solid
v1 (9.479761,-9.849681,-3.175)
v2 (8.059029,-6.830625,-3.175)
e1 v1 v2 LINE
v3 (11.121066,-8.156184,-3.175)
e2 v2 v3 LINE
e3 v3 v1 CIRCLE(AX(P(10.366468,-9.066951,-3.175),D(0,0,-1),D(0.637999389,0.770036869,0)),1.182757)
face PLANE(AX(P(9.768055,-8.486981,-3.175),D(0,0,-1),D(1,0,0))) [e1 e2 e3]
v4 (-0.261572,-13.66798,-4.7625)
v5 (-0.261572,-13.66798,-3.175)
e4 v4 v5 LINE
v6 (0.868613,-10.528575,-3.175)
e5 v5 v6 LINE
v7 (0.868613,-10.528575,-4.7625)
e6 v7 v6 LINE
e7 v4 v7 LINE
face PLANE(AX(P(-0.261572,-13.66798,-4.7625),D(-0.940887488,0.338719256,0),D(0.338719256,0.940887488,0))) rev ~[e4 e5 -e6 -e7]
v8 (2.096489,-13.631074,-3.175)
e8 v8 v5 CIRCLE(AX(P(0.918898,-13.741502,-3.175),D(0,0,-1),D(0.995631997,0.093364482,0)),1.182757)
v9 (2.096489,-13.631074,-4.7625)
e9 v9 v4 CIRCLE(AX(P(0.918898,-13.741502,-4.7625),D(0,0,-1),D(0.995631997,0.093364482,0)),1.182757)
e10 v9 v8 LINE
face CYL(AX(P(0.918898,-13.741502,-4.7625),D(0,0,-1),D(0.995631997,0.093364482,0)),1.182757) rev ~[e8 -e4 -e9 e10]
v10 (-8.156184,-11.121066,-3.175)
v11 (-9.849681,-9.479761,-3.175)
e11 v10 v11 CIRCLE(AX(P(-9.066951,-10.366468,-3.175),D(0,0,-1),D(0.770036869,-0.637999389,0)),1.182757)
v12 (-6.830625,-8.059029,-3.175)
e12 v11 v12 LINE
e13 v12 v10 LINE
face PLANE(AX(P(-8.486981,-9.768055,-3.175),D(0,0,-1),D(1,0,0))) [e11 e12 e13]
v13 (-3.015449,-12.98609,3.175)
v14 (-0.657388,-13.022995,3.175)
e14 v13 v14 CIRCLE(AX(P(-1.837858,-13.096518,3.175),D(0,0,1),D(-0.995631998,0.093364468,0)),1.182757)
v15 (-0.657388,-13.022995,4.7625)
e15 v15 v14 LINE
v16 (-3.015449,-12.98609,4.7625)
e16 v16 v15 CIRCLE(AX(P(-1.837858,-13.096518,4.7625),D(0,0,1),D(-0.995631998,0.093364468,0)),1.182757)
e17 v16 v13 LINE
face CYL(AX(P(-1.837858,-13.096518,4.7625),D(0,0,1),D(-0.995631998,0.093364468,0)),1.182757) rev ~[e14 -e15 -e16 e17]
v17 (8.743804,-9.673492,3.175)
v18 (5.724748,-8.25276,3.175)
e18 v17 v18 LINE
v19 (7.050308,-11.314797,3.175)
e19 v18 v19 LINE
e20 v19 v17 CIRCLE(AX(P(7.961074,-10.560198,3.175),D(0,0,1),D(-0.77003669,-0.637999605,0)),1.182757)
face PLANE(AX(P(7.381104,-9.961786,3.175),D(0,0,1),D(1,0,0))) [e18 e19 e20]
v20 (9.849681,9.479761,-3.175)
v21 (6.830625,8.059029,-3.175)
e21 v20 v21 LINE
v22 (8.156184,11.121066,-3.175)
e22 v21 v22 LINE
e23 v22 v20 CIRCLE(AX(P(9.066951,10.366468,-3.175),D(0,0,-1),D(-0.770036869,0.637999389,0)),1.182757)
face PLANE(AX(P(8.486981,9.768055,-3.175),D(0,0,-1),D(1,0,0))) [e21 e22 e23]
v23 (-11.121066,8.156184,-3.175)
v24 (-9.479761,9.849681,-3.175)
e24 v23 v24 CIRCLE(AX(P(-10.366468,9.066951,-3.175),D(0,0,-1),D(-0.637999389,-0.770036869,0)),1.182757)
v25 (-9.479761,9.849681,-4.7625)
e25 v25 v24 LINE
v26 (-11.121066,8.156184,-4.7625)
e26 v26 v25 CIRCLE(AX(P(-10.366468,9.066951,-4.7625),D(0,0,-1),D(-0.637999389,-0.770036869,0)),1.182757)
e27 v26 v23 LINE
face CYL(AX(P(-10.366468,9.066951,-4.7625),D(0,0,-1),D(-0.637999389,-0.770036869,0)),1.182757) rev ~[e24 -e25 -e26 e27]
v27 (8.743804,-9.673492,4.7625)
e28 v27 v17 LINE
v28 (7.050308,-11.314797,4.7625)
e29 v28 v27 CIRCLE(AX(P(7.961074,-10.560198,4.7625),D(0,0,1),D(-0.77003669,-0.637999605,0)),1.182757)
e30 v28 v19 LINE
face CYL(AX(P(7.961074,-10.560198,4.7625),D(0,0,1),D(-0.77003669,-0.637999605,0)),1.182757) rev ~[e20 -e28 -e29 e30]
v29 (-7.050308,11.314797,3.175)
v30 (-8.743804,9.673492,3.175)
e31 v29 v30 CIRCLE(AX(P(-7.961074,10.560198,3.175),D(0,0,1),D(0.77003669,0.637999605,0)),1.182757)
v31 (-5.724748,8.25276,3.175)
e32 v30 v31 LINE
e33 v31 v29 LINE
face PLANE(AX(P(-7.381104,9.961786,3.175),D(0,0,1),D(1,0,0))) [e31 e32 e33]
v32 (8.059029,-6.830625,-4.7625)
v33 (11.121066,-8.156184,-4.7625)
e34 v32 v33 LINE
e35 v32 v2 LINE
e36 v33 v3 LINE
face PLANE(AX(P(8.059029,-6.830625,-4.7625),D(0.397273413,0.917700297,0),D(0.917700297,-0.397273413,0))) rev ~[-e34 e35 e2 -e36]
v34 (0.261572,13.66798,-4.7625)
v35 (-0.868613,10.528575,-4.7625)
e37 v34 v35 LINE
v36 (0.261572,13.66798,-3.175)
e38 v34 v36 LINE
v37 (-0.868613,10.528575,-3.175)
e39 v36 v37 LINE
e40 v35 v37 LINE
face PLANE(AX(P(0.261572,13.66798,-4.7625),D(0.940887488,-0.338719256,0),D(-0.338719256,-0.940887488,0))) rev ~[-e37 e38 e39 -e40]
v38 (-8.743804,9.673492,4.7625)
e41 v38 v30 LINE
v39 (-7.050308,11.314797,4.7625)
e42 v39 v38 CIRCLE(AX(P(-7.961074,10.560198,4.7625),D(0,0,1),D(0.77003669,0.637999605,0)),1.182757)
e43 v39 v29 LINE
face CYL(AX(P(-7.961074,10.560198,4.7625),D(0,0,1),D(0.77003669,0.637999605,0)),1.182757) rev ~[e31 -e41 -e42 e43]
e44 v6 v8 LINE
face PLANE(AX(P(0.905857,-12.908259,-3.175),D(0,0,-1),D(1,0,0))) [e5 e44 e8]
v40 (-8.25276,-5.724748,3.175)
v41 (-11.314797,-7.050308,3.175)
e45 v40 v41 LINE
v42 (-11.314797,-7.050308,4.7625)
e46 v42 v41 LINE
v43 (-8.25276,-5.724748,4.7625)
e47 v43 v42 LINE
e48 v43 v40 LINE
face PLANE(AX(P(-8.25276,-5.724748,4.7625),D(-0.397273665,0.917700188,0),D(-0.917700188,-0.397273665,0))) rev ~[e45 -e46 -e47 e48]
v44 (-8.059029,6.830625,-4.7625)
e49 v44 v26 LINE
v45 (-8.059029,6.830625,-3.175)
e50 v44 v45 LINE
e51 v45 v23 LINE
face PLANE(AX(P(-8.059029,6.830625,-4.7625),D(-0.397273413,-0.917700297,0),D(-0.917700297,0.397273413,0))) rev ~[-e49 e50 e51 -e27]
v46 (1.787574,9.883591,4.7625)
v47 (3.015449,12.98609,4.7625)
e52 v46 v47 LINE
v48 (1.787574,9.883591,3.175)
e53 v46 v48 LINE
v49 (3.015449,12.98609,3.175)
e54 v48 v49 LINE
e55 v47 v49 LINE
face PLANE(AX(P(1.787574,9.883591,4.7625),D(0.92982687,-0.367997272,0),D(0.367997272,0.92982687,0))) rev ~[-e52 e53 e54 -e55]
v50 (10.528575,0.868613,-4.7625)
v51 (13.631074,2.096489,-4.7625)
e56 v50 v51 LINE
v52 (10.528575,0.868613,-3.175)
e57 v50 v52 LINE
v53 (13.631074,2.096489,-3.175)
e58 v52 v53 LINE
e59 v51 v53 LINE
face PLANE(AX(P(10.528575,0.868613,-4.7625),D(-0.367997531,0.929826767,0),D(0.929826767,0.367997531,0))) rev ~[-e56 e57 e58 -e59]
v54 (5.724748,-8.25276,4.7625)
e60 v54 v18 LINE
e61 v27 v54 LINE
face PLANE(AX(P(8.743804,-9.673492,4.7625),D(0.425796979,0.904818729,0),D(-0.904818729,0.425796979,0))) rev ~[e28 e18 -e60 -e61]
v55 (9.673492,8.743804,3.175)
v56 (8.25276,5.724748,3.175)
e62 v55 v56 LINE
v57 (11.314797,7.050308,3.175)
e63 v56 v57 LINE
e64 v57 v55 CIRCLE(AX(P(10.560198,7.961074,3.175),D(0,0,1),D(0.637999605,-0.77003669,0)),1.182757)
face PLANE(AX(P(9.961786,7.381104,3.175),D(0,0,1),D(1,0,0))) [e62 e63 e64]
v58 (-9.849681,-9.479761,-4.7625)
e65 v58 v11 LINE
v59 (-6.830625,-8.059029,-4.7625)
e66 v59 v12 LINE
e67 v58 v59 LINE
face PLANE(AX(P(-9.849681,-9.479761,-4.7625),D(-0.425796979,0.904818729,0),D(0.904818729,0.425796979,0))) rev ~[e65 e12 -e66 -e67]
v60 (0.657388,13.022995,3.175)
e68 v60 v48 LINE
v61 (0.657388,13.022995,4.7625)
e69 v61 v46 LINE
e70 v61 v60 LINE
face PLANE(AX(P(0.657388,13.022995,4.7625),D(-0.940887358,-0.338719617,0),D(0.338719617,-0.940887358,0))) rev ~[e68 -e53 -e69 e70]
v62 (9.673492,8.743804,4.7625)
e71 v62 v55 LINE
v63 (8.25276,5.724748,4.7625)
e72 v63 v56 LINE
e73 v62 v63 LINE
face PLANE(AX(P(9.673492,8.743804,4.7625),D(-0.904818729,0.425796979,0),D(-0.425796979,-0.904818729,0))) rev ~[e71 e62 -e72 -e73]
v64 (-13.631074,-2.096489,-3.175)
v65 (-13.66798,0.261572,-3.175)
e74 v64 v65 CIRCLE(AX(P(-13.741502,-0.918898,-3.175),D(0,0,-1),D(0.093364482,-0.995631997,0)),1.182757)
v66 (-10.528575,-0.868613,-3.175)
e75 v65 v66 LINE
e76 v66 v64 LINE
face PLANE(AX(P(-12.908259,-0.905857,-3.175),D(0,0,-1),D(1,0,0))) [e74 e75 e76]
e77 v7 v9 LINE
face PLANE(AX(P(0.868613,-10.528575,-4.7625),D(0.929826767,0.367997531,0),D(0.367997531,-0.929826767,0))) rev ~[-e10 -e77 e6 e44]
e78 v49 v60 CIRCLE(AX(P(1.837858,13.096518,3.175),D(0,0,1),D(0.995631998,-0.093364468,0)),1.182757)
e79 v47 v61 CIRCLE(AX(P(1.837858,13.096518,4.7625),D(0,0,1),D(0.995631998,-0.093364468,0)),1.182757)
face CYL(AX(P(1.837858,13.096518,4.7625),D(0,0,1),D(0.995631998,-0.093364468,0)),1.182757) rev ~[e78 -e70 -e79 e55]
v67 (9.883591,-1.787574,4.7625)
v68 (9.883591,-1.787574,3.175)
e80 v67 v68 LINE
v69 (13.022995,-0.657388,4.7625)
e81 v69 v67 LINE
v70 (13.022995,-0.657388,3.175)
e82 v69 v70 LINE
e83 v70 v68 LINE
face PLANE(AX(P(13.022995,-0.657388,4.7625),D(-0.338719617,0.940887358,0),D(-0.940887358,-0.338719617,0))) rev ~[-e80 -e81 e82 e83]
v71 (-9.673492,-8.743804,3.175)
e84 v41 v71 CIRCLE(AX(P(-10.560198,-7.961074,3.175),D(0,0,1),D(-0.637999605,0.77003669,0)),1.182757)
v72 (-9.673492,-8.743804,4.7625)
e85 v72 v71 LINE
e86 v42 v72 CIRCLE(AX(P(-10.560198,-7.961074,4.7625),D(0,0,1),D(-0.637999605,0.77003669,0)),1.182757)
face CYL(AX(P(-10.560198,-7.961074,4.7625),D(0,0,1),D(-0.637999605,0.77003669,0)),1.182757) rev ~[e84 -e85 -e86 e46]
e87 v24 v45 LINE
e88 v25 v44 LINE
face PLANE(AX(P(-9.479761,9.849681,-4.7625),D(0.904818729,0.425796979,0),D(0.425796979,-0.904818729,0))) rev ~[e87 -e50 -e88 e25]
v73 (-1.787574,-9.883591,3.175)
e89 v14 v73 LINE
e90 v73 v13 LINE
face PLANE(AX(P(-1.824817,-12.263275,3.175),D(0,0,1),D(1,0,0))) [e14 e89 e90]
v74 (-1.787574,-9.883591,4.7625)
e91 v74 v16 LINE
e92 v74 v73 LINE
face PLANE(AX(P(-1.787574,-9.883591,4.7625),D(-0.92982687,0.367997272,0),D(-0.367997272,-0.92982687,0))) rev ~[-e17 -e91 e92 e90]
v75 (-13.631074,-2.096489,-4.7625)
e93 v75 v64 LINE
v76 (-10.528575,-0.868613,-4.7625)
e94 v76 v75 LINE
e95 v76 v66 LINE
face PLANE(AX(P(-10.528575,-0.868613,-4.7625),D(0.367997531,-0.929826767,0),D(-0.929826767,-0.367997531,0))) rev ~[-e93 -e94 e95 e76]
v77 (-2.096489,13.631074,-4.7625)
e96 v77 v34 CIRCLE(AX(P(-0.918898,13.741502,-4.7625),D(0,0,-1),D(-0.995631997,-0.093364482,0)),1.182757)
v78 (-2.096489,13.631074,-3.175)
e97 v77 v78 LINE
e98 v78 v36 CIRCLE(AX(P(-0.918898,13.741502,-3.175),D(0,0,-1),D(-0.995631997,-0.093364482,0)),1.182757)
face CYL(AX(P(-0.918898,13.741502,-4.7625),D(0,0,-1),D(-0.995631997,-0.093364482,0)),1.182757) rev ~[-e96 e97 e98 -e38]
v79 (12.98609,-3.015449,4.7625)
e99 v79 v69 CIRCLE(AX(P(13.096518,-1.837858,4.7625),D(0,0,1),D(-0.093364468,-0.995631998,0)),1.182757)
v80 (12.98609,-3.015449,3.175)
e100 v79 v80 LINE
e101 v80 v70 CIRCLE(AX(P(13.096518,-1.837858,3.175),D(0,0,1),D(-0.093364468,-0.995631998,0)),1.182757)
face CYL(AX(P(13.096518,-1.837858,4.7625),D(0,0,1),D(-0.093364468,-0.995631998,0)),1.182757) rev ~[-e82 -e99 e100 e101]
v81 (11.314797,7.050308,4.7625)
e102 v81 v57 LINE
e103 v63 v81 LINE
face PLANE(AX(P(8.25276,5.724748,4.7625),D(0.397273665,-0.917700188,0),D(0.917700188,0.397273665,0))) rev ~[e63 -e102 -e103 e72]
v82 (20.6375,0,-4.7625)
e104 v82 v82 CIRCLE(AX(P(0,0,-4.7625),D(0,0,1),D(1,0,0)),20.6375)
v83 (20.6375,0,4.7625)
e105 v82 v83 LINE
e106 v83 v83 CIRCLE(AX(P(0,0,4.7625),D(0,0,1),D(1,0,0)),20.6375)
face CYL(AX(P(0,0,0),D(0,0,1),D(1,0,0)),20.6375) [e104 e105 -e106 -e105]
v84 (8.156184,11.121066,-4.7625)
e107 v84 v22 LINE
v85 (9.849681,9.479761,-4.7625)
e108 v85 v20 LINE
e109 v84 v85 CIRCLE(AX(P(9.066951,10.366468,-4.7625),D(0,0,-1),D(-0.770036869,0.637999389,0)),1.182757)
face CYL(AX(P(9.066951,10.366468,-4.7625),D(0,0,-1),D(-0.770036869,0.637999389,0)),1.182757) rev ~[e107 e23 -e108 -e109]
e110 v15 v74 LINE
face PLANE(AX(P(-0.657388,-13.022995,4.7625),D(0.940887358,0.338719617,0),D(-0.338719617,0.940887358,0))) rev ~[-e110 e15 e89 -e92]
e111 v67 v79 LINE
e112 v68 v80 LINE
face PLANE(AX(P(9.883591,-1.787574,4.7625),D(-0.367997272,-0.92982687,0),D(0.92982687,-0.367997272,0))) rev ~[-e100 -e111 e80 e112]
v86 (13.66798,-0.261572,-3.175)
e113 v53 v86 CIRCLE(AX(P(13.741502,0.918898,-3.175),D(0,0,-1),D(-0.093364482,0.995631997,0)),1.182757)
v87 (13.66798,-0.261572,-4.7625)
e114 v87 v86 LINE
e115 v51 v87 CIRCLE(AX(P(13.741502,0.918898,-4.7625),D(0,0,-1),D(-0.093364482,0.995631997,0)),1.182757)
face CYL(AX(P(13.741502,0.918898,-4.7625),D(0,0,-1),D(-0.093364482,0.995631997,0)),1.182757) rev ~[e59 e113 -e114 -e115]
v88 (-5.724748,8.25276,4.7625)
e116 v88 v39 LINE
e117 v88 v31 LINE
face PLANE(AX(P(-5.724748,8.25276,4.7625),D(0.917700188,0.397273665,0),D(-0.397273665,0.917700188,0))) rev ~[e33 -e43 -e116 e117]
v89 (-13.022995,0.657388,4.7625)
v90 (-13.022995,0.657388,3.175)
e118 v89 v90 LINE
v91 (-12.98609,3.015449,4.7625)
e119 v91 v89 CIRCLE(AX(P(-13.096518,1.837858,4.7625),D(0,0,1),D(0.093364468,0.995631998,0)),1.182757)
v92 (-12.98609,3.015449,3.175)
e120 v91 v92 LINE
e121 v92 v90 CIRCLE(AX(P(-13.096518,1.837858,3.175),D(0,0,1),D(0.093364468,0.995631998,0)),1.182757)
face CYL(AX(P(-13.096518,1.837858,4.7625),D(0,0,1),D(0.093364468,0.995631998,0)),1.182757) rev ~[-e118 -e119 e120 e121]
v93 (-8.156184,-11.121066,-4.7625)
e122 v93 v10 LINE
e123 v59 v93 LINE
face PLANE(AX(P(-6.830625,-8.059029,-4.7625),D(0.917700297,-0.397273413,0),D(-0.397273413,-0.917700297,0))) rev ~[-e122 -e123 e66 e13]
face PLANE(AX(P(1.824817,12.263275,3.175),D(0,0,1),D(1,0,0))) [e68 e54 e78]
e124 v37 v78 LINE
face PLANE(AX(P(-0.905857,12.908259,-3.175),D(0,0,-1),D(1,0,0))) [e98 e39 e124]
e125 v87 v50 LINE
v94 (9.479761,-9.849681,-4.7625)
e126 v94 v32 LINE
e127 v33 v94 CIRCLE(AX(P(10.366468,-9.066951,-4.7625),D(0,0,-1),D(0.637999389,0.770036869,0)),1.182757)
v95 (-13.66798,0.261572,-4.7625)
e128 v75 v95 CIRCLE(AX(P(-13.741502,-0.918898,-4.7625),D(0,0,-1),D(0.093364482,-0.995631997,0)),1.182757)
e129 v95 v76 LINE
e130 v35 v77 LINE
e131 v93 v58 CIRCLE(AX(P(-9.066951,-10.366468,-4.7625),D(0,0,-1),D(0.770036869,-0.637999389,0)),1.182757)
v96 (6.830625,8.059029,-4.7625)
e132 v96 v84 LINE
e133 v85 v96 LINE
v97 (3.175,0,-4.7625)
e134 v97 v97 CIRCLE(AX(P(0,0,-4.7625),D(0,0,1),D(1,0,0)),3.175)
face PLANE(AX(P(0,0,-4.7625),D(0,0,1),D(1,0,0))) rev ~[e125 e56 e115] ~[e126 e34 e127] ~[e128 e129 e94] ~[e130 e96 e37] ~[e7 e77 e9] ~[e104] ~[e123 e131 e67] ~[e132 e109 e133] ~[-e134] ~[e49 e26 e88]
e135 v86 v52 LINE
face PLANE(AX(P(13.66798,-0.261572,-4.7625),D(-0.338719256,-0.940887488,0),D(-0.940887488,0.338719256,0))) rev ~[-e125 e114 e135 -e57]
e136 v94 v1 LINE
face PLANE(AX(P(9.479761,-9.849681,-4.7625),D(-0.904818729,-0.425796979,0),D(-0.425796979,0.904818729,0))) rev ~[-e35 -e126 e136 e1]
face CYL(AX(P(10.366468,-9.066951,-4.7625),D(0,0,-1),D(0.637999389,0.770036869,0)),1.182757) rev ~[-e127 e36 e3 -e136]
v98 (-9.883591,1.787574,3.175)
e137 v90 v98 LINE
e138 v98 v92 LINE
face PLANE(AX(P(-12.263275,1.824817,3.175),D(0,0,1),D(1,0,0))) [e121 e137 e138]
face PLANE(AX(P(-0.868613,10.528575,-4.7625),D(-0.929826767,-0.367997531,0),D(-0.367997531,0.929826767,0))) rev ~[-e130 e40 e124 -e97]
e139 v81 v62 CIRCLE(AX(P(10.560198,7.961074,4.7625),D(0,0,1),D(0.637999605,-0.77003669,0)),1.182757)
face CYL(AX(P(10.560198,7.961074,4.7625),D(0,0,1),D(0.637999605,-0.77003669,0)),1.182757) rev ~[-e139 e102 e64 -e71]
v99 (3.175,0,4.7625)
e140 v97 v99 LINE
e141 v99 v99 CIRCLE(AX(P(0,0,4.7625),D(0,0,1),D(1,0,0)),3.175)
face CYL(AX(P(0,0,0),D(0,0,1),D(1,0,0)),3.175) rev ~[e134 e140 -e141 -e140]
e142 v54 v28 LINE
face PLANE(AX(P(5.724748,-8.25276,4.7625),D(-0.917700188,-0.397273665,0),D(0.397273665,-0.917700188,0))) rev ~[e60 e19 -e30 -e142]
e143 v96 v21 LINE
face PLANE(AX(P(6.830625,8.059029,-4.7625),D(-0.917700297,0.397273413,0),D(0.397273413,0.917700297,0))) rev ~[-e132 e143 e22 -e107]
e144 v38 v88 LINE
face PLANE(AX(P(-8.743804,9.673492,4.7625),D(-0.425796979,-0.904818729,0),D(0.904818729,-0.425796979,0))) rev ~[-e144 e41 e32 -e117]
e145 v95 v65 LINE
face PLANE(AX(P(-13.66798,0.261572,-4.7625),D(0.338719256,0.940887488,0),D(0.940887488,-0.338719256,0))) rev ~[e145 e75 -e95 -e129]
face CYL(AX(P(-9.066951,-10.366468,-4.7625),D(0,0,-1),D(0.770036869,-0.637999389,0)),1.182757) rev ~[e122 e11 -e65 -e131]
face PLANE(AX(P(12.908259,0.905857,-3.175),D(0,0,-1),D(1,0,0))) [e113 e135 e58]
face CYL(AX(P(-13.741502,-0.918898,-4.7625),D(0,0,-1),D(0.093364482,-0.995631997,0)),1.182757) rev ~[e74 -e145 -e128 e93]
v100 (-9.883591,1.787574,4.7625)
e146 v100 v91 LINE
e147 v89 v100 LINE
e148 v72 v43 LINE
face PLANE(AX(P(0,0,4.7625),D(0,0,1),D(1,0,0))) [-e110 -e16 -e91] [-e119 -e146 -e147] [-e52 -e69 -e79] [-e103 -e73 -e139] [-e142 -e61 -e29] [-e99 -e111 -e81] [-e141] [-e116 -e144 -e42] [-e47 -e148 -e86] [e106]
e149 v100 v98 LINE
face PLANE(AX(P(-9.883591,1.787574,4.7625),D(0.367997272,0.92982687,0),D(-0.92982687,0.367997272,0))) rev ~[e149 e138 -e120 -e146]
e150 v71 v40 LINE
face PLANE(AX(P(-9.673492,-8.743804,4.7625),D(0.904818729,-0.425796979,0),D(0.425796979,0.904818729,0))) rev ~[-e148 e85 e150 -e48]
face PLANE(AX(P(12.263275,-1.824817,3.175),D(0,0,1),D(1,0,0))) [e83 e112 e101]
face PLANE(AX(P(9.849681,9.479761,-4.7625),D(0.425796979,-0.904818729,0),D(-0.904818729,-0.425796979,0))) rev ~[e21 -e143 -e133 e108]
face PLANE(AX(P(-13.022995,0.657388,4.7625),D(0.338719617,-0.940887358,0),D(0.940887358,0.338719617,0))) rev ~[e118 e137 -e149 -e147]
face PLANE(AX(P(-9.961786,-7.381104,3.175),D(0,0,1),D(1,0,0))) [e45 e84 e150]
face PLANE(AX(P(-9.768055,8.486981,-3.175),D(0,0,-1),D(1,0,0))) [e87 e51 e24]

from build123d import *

# Parameters (mm, degrees)
F0_R     = 20.6375
F1_DEPTH = 4.7625
F2_R     = 3.175
F4_DEPTH = 12.7
F5_DEPTH = 1.5875
F7_DEPTH = 1.5875


with BuildPart() as f1:
    # F0 (on Top) → F1 (new body, symmetric)
    with BuildSketch(Plane.XY):
        Circle(F0_R)
    extrude(amount=F1_DEPTH, both=True)

    # F2 (on Top) → F4 (cut, symmetric)
    with BuildSketch(Plane.XY):
        Circle(F2_R)
    extrude(amount=F4_DEPTH, both=True, mode=Mode.SUBTRACT)

    # F3 (on face) → F5 (cut)
    with BuildSketch(Plane.XY.offset(4.7625)):
        with BuildLine():
            Line((-5.724748, 8.25276), (-7.050308, 11.314797))
            ThreePointArc((-7.050308, 11.314797), (-8.78422, 11.409519), (-8.743804, 9.673492))
            Line((-8.743804, 9.673492), (-5.724748, 8.25276))
        make_face()
        with BuildLine():
            Line((-9.883591, 1.787574), (-12.98609, 3.015449))
            ThreePointArc((-12.98609, 3.015449), (-14.27913, 1.856367), (-13.022995, 0.657388))
            Line((-13.022995, 0.657388), (-9.883591, 1.787574))
        make_face()
        with BuildLine():
            Line((-8.25276, -5.724748), (-11.314797, -7.050308))
            ThreePointArc((-11.314797, -7.050308), (-11.409519, -8.78422), (-9.673492, -8.743804))
            Line((-9.673492, -8.743804), (-8.25276, -5.724748))
        make_face()
        with BuildLine():
            Line((-1.787574, -9.883591), (-3.015449, -12.98609))
            ThreePointArc((-3.015449, -12.98609), (-1.856367, -14.27913), (-0.657388, -13.022995))
            Line((-0.657388, -13.022995), (-1.787574, -9.883591))
        make_face()
        with BuildLine():
            Line((5.724748, -8.25276), (7.050308, -11.314797))
            ThreePointArc((7.050308, -11.314797), (8.78422, -11.409519), (8.743804, -9.673492))
            Line((8.743804, -9.673492), (5.724748, -8.25276))
        make_face()
        with BuildLine():
            Line((9.883591, -1.787574), (12.98609, -3.015449))
            ThreePointArc((12.98609, -3.015449), (14.27913, -1.856367), (13.022995, -0.657388))
            Line((13.022995, -0.657388), (9.883591, -1.787574))
        make_face()
        with BuildLine():
            Line((8.25276, 5.724748), (11.314797, 7.050308))
            ThreePointArc((11.314797, 7.050308), (11.409519, 8.78422), (9.673492, 8.743804))
            Line((9.673492, 8.743804), (8.25276, 5.724748))
        make_face()
        with BuildLine():
            Line((1.787574, 9.883591), (3.015449, 12.98609))
            ThreePointArc((3.015449, 12.98609), (1.856367, 14.27913), (0.657388, 13.022995))
            Line((0.657388, 13.022995), (1.787574, 9.883591))
        make_face()
    extrude(amount=-F5_DEPTH, mode=Mode.SUBTRACT)

    # F6 (on face) → F7 (cut)
    with BuildSketch(Plane(origin=(0, 0, -4.7625), x_dir=(1, 0, 0), z_dir=(0, 0, -1))):
        with BuildLine():
            Line((-6.830625, 8.059029), (-8.156184, 11.121066))
            ThreePointArc((-8.156184, 11.121066), (-9.890096, 11.215789), (-9.849681, 9.479761))
            Line((-9.849681, 9.479761), (-6.830625, 8.059029))
        make_face()
        with BuildLine():
            Line((-10.528575, 0.868613), (-13.631074, 2.096489))
            ThreePointArc((-13.631074, 2.096489), (-14.924114, 0.937406), (-13.66798, -0.261572))
            Line((-13.66798, -0.261572), (-10.528575, 0.868613))
        make_face()
        with BuildLine():
            Line((-8.059029, -6.830625), (-11.121066, -8.156184))
            ThreePointArc((-11.121066, -8.156184), (-11.215789, -9.890096), (-9.479761, -9.849681))
            Line((-9.479761, -9.849681), (-8.059029, -6.830625))
        make_face()
        with BuildLine():
            Line((-0.868613, -10.528575), (-2.096489, -13.631074))
            ThreePointArc((-2.096489, -13.631074), (-0.937406, -14.924114), (0.261572, -13.66798))
            Line((0.261572, -13.66798), (-0.868613, -10.528575))
        make_face()
        with BuildLine():
            Line((6.830625, -8.059029), (8.156184, -11.121066))
            ThreePointArc((8.156184, -11.121066), (9.890096, -11.215789), (9.849681, -9.479761))
            Line((9.849681, -9.479761), (6.830625, -8.059029))
        make_face()
        with BuildLine():
            Line((10.528575, -0.868613), (13.631074, -2.096489))
            ThreePointArc((13.631074, -2.096489), (14.924114, -0.937406), (13.66798, 0.261572))
            Line((13.66798, 0.261572), (10.528575, -0.868613))
        make_face()
        with BuildLine():
            Line((8.059029, 6.830625), (11.121066, 8.156184))
            ThreePointArc((11.121066, 8.156184), (11.215789, 9.890096), (9.479761, 9.849681))
            Line((9.479761, 9.849681), (8.059029, 6.830625))
        make_face()
        with BuildLine():
            Line((0.868613, 10.528575), (2.096489, 13.631074))
            ThreePointArc((2.096489, 13.631074), (0.937406, 14.924114), (-0.261572, 13.66798))
            Line((-0.261572, 13.66798), (0.868613, 10.528575))
        make_face()
    extrude(amount=-F7_DEPTH, mode=Mode.SUBTRACT)


solid = f1.part
